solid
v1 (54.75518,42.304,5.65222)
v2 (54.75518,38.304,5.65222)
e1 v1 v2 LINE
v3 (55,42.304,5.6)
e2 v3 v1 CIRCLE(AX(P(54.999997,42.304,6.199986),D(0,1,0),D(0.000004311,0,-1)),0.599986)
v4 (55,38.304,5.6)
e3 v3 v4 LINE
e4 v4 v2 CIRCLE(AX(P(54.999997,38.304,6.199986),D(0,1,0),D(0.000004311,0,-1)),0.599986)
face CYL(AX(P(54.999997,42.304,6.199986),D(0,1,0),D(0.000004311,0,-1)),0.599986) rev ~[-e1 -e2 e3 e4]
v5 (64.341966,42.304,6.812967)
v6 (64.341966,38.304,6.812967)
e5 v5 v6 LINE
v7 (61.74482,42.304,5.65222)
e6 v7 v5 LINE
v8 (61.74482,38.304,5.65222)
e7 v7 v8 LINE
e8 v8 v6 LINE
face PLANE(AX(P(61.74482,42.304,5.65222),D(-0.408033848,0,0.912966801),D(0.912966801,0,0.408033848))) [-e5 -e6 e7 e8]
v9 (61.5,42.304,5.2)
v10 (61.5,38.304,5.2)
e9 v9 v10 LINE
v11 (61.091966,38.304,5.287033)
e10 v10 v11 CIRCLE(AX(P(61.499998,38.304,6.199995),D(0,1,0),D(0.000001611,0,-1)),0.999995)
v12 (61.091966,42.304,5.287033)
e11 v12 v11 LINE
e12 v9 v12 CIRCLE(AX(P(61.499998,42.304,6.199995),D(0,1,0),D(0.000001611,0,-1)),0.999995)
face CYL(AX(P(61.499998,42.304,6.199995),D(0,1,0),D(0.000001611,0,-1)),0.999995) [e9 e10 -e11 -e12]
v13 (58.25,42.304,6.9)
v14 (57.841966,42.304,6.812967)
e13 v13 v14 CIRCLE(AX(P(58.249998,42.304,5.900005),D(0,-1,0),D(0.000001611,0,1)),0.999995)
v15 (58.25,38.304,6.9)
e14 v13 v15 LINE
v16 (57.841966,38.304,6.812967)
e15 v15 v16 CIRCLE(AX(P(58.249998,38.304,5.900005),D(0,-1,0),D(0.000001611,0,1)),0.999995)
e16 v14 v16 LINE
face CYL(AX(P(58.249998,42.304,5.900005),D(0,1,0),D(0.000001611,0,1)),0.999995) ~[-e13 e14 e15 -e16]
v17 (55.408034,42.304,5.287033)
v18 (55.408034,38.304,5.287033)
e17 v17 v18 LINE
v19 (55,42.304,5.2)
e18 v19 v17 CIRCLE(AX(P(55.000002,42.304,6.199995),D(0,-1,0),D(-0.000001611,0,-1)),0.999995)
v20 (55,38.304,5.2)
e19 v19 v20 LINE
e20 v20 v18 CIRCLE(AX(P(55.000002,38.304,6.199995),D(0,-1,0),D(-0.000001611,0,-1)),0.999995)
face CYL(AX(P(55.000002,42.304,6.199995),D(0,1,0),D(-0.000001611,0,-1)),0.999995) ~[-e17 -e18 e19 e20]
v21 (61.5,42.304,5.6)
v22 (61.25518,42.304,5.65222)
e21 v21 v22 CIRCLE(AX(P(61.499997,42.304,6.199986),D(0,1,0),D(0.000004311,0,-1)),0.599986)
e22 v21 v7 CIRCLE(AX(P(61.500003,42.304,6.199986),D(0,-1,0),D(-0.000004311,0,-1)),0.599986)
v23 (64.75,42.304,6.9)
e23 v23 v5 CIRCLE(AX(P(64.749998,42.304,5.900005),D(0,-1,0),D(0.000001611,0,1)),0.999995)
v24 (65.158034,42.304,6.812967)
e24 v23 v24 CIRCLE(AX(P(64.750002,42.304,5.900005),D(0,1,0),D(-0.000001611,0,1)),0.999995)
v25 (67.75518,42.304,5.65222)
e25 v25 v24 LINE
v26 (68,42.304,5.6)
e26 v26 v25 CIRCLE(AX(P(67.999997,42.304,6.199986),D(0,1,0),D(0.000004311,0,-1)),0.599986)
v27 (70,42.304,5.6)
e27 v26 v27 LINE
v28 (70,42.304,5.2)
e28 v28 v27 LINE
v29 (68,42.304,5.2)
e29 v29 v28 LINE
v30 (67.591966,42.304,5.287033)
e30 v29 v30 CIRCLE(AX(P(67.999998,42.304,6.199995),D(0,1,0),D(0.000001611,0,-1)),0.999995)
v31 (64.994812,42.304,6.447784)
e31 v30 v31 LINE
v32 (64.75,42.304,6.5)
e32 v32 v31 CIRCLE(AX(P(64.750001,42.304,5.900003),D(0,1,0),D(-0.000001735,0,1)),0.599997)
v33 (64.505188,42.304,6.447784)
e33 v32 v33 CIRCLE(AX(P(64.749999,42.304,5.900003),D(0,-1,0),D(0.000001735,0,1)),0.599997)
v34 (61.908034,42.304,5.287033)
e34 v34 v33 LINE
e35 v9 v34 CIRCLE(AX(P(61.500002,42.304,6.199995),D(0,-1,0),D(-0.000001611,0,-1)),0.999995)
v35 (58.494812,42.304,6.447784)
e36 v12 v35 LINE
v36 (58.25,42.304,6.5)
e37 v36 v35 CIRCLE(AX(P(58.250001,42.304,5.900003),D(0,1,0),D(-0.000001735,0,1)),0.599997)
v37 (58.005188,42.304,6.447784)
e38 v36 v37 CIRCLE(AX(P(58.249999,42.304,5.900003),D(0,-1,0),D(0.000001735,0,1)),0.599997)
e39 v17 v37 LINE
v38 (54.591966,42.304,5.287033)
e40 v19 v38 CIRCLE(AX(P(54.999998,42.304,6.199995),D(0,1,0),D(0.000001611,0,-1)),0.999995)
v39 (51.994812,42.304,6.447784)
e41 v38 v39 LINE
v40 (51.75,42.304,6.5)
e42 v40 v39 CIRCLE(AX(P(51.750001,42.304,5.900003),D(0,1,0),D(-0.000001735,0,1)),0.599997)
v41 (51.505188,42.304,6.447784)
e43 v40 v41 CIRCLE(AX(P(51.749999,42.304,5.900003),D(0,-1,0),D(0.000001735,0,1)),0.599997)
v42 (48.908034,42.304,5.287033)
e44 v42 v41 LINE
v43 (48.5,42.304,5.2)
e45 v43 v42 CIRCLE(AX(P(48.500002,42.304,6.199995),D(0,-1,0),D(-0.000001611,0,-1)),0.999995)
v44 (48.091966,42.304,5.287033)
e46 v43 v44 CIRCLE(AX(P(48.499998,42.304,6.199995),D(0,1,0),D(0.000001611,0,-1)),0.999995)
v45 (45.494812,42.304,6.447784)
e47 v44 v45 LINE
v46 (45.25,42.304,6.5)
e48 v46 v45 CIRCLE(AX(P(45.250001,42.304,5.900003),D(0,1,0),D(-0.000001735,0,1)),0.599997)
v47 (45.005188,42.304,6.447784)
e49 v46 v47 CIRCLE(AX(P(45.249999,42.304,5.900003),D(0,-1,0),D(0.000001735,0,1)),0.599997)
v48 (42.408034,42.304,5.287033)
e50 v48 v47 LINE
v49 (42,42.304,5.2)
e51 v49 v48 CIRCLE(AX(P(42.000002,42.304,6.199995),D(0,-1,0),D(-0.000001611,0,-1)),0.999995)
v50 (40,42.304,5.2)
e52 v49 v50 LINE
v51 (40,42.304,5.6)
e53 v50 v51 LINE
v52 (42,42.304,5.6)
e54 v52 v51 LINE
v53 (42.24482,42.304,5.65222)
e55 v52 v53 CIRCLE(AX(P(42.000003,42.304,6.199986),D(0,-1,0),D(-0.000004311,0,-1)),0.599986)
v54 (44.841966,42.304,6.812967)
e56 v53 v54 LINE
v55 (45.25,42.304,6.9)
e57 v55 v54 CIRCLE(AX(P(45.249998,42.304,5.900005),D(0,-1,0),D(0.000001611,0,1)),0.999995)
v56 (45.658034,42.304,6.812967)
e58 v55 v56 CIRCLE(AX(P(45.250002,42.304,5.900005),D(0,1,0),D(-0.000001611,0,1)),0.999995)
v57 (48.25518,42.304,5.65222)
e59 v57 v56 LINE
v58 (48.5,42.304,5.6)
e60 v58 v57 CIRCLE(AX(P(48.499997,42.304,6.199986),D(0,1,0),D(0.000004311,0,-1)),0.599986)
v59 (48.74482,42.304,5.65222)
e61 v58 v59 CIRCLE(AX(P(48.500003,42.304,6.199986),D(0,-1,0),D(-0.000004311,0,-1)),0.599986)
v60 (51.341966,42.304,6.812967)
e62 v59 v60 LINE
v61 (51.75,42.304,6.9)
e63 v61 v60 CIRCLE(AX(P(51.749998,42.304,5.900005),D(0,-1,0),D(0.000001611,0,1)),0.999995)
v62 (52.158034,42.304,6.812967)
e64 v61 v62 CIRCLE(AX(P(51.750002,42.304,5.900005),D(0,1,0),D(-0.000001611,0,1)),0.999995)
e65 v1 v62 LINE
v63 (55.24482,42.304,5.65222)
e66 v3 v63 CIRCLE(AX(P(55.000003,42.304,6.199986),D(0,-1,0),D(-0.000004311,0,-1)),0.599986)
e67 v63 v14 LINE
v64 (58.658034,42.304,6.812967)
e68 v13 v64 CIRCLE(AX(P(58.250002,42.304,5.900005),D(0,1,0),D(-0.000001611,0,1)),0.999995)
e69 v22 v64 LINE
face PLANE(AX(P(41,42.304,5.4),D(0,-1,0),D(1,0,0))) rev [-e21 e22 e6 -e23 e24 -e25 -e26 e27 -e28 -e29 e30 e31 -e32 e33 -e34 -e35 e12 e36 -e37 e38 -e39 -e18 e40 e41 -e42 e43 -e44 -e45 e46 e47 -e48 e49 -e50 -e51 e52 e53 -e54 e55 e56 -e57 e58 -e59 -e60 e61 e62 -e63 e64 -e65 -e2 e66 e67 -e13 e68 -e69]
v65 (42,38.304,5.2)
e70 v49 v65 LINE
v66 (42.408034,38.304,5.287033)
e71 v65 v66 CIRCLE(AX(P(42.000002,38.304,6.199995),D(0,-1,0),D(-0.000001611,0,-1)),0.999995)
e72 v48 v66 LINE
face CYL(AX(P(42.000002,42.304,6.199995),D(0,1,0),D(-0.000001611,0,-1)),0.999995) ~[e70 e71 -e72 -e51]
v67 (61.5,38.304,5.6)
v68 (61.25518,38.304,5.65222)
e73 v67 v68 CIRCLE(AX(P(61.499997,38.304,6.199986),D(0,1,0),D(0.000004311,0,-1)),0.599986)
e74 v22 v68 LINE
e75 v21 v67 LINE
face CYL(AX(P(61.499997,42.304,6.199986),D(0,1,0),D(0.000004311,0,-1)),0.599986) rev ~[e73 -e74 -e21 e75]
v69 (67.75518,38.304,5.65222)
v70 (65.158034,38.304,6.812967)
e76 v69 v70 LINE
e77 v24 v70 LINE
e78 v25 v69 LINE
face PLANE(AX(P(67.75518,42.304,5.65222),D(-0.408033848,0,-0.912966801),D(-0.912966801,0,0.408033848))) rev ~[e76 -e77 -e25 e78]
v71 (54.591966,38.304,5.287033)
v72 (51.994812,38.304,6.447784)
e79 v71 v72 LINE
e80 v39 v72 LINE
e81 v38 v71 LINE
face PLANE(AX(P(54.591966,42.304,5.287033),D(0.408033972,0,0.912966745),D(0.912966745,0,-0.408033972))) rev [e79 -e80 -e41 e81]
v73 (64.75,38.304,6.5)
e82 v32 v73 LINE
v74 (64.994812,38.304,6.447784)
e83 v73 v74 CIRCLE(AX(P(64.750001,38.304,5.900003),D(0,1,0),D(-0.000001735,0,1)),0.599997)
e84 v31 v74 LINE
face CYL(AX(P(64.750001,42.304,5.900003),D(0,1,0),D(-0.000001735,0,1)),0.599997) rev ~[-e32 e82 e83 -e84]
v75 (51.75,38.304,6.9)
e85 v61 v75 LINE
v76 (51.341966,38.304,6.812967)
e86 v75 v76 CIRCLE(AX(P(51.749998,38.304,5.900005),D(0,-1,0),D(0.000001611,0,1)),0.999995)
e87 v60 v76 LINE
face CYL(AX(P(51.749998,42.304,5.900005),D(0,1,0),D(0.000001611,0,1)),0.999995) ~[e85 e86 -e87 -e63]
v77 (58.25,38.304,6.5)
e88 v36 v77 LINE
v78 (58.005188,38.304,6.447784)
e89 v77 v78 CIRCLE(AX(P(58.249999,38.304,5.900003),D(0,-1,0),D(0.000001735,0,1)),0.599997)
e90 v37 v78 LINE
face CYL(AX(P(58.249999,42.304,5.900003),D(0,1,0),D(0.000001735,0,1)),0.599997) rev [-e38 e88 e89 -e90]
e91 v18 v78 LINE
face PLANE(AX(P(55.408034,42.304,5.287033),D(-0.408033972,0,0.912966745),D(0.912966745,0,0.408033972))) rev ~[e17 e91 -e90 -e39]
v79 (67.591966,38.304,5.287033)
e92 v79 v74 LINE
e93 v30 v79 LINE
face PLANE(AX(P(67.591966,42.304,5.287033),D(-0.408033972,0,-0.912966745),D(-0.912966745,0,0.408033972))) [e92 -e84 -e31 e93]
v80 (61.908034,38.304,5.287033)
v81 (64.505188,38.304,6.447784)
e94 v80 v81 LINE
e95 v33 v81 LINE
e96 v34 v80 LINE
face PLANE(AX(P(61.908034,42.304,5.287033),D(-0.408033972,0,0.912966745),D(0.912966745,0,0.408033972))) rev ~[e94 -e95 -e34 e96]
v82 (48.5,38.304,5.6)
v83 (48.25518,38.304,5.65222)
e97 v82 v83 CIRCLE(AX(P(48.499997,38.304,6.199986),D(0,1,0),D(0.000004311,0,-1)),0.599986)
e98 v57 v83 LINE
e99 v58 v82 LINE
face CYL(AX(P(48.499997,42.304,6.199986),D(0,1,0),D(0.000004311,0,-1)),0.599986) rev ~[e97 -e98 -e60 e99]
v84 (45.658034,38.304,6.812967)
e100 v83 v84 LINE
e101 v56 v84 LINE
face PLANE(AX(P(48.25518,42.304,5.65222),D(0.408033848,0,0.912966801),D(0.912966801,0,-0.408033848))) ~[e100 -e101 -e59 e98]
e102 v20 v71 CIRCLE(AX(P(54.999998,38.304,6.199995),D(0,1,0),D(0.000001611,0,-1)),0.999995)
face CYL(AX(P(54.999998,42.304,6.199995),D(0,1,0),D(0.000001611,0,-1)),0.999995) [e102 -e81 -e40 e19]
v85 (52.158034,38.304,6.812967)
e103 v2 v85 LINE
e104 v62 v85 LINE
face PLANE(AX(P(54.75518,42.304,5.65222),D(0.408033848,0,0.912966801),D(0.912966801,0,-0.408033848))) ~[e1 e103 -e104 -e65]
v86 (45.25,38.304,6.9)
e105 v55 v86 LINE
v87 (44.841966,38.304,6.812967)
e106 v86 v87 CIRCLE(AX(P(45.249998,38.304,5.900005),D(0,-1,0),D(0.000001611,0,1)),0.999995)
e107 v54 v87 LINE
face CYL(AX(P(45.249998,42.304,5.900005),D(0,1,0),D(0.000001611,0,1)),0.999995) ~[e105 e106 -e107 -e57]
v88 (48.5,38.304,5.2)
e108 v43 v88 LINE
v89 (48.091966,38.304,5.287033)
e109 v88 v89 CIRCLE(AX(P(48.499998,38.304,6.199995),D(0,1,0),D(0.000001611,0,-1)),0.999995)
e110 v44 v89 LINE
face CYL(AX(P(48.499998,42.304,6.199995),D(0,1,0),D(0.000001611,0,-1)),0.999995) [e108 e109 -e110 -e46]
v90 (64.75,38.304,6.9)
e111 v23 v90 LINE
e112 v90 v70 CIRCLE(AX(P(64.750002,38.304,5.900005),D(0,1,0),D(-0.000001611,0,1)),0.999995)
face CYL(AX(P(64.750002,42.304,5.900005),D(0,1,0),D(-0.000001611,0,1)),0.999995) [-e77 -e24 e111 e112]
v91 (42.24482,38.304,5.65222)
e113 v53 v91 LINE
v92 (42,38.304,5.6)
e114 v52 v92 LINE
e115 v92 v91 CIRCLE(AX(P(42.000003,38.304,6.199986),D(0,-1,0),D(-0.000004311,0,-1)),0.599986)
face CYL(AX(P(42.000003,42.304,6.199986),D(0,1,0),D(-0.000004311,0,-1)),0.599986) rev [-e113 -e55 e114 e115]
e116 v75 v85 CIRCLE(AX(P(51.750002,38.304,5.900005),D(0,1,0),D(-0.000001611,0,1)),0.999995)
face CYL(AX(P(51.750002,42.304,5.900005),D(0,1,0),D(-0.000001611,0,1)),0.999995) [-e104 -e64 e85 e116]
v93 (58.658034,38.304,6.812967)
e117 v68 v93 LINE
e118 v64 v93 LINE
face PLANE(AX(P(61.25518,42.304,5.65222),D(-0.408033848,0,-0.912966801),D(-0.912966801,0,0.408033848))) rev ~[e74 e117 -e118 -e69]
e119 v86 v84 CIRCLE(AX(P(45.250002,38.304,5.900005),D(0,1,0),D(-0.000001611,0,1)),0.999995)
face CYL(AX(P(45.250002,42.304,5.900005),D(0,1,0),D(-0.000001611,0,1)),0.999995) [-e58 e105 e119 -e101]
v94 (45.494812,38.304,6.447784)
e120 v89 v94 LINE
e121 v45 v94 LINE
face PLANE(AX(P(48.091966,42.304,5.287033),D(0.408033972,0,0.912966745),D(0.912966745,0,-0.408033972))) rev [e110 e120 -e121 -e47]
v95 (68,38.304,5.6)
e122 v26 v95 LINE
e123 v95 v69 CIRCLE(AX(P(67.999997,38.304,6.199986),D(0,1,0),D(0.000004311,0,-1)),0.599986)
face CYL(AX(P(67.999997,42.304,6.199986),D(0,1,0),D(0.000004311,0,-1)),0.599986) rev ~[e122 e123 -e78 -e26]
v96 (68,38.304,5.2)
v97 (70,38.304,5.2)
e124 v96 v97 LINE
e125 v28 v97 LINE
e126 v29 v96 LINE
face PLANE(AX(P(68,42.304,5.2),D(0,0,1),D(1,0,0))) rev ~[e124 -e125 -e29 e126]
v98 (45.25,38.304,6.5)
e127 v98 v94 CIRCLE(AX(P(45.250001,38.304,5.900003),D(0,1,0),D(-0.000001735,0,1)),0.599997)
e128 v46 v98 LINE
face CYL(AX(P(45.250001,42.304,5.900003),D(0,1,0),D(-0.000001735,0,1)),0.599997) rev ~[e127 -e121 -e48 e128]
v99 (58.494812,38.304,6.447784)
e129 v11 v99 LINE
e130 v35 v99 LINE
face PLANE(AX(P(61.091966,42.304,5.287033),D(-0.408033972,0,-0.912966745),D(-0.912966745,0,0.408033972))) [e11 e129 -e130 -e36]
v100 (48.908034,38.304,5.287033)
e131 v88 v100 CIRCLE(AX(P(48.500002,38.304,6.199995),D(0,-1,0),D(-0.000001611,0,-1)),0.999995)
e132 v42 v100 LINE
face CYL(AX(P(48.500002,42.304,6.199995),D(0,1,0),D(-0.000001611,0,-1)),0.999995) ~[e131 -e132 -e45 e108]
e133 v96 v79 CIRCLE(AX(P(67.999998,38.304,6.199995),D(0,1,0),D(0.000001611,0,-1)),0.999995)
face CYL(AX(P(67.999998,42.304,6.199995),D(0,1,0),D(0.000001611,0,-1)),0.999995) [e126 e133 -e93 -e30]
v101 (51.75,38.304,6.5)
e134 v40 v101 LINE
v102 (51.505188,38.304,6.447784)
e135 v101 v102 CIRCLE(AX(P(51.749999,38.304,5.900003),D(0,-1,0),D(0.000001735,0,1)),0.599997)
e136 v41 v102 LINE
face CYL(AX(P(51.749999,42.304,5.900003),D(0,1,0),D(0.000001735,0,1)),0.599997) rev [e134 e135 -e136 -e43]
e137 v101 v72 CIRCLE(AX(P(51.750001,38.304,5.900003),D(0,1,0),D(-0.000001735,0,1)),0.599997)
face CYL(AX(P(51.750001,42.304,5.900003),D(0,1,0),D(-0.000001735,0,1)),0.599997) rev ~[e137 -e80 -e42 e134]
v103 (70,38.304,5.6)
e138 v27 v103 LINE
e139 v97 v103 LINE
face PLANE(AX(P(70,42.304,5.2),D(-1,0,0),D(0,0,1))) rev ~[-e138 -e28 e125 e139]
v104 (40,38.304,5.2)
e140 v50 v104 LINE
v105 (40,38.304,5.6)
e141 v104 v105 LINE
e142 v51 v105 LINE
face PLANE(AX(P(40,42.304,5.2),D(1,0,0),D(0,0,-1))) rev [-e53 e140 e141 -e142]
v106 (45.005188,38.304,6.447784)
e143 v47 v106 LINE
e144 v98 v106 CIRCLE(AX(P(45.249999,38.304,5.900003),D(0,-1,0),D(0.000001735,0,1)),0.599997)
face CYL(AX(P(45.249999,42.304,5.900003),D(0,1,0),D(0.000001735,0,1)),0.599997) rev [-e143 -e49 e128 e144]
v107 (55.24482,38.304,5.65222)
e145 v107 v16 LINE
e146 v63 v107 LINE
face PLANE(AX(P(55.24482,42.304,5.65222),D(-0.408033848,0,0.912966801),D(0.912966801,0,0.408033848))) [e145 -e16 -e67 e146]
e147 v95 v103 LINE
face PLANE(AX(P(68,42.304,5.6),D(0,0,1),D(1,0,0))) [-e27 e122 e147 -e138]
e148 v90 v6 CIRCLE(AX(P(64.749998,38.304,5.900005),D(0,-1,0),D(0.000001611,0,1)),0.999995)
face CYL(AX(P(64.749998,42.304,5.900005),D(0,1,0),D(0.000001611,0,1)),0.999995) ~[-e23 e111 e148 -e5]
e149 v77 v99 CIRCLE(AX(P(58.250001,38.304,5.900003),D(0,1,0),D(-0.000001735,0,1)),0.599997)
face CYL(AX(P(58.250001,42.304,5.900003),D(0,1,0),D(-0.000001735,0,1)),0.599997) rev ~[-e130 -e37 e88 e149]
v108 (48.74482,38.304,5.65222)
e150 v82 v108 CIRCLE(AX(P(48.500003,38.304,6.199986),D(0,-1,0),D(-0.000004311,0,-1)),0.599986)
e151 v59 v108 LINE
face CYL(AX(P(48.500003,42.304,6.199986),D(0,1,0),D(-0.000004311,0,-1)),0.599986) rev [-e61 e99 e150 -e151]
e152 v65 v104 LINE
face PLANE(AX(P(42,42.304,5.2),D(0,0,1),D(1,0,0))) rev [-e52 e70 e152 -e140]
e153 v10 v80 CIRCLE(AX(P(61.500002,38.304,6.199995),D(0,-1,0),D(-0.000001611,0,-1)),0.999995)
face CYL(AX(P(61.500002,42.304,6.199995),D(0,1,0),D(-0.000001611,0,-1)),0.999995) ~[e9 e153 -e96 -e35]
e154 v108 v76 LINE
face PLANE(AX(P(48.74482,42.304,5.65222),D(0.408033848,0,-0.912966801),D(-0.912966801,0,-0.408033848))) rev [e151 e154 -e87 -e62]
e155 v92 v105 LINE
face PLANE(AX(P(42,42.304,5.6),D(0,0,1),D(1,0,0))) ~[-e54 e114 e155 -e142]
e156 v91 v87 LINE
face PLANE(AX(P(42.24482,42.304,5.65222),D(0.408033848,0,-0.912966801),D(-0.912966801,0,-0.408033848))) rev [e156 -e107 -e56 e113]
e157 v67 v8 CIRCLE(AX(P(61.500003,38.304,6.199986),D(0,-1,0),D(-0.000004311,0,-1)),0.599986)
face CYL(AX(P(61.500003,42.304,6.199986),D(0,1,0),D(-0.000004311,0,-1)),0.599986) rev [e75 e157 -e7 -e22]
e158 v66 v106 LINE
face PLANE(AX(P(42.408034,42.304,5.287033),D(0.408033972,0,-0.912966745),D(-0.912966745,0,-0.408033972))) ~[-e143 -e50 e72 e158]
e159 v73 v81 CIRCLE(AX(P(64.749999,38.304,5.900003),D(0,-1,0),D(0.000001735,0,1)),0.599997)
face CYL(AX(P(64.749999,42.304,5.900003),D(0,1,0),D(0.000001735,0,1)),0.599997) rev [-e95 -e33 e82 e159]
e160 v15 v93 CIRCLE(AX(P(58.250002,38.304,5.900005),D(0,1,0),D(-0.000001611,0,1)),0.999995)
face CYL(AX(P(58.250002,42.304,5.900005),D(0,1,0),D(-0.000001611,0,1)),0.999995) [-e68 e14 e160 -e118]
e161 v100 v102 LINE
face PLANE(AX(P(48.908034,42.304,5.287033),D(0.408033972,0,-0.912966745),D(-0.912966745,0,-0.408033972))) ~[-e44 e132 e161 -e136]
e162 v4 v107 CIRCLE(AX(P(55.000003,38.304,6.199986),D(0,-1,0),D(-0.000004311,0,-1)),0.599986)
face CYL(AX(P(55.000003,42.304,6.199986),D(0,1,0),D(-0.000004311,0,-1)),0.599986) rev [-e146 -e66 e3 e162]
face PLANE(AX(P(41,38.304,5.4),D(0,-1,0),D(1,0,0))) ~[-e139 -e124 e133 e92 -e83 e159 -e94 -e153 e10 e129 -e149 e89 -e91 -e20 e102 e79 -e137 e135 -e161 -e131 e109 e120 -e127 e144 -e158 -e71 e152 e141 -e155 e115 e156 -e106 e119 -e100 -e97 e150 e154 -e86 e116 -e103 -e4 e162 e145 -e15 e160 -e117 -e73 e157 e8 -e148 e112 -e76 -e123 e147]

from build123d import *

# Parameters (mm, degrees)
PAD011_DEPTH               = 4
PAD011_MIRRORED008_2_DEPTH = 4
LINEARPATTERN004_COUNT     = 2
LINEARPATTERN004_PITCH     = 6.5
SKETCH041_W                = 2
SKETCH041_H                = 0.4
PAD022_DEPTH               = 4


with BuildPart() as part:
    # Sketch024 (on DatumPlane) → Pad011 (new body)
    with BuildSketch(Plane(origin=(55, 42.304, 0), x_dir=(1, 0, 0), z_dir=(0, -1, 0))):
        with BuildLine():
            Line((0, 5.2), (0, 5.6))
            ThreePointArc((0, 5.6), (0.125164, 5.6132), (0.24482, 5.65222))
            Line((0.24482, 5.65222), (2.841966, 6.812967))
            ThreePointArc((3.25, 6.9), (3.041394, 6.878), (2.841966, 6.812967))
            Line((3.25, 6.5), (3.25, 6.9))
            ThreePointArc((3.25, 6.5), (3.124841, 6.486801), (3.005188, 6.447784))
            Line((0.408034, 5.287033), (3.005188, 6.447784))
            ThreePointArc((0, 5.2), (0.208606, 5.222), (0.408034, 5.287033))
        make_face()
    pad011 = extrude(amount=PAD011_DEPTH)

    # Sketch024 Mirrored008 2 → Pad011 Mirrored008 2 (add)
    with BuildSketch(Plane(origin=(61.5, 42.304, 0), x_dir=(-1, 0, 0), z_dir=(0, 1, 0))):
        with BuildLine():
            Line((0, 5.2), (0, 5.6))
            ThreePointArc((0, 5.6), (0.125164, 5.6132), (0.24482, 5.65222))
            Line((0.24482, 5.65222), (2.841966, 6.812967))
            ThreePointArc((3.25, 6.9), (3.041394, 6.878), (2.841966, 6.812967))
            Line((3.25, 6.5), (3.25, 6.9))
            ThreePointArc((3.25, 6.5), (3.124841, 6.486801), (3.005188, 6.447784))
            Line((0.408034, 5.287033), (3.005188, 6.447784))
            ThreePointArc((0, 5.2), (0.208606, 5.222), (0.408034, 5.287033))
        make_face()
    pad011_mirrored008_2 = extrude(amount=-PAD011_MIRRORED008_2_DEPTH)

    # LinearPattern004: Pad011, Pad011 Mirrored008 2 ×2
    with Locations(*[(i * LINEARPATTERN004_PITCH, 0, 0) for i in range(1, LINEARPATTERN004_COUNT)]):
        add(pad011)
        add(pad011_mirrored008_2)

    # Sketch041 (on DatumPlane) → Pad022 (join)
    with BuildSketch(Plane(origin=(55, 42.304, 0), x_dir=(1, 0, 0), z_dir=(0, -1, 0))):
        with Locations((14, 5.4)):
            Rectangle(SKETCH041_W, SKETCH041_H)
    extrude(amount=PAD022_DEPTH)

    # Mirrored009: part across Sketch041 V_Axis


with BuildPart() as part_1:
    add(part.part)
    add(part.part.mirror(Plane(origin=(55, 42.304, 0), x_dir=(0, -1, 0), z_dir=(1, 0, 0))))


solid = part_1.part
